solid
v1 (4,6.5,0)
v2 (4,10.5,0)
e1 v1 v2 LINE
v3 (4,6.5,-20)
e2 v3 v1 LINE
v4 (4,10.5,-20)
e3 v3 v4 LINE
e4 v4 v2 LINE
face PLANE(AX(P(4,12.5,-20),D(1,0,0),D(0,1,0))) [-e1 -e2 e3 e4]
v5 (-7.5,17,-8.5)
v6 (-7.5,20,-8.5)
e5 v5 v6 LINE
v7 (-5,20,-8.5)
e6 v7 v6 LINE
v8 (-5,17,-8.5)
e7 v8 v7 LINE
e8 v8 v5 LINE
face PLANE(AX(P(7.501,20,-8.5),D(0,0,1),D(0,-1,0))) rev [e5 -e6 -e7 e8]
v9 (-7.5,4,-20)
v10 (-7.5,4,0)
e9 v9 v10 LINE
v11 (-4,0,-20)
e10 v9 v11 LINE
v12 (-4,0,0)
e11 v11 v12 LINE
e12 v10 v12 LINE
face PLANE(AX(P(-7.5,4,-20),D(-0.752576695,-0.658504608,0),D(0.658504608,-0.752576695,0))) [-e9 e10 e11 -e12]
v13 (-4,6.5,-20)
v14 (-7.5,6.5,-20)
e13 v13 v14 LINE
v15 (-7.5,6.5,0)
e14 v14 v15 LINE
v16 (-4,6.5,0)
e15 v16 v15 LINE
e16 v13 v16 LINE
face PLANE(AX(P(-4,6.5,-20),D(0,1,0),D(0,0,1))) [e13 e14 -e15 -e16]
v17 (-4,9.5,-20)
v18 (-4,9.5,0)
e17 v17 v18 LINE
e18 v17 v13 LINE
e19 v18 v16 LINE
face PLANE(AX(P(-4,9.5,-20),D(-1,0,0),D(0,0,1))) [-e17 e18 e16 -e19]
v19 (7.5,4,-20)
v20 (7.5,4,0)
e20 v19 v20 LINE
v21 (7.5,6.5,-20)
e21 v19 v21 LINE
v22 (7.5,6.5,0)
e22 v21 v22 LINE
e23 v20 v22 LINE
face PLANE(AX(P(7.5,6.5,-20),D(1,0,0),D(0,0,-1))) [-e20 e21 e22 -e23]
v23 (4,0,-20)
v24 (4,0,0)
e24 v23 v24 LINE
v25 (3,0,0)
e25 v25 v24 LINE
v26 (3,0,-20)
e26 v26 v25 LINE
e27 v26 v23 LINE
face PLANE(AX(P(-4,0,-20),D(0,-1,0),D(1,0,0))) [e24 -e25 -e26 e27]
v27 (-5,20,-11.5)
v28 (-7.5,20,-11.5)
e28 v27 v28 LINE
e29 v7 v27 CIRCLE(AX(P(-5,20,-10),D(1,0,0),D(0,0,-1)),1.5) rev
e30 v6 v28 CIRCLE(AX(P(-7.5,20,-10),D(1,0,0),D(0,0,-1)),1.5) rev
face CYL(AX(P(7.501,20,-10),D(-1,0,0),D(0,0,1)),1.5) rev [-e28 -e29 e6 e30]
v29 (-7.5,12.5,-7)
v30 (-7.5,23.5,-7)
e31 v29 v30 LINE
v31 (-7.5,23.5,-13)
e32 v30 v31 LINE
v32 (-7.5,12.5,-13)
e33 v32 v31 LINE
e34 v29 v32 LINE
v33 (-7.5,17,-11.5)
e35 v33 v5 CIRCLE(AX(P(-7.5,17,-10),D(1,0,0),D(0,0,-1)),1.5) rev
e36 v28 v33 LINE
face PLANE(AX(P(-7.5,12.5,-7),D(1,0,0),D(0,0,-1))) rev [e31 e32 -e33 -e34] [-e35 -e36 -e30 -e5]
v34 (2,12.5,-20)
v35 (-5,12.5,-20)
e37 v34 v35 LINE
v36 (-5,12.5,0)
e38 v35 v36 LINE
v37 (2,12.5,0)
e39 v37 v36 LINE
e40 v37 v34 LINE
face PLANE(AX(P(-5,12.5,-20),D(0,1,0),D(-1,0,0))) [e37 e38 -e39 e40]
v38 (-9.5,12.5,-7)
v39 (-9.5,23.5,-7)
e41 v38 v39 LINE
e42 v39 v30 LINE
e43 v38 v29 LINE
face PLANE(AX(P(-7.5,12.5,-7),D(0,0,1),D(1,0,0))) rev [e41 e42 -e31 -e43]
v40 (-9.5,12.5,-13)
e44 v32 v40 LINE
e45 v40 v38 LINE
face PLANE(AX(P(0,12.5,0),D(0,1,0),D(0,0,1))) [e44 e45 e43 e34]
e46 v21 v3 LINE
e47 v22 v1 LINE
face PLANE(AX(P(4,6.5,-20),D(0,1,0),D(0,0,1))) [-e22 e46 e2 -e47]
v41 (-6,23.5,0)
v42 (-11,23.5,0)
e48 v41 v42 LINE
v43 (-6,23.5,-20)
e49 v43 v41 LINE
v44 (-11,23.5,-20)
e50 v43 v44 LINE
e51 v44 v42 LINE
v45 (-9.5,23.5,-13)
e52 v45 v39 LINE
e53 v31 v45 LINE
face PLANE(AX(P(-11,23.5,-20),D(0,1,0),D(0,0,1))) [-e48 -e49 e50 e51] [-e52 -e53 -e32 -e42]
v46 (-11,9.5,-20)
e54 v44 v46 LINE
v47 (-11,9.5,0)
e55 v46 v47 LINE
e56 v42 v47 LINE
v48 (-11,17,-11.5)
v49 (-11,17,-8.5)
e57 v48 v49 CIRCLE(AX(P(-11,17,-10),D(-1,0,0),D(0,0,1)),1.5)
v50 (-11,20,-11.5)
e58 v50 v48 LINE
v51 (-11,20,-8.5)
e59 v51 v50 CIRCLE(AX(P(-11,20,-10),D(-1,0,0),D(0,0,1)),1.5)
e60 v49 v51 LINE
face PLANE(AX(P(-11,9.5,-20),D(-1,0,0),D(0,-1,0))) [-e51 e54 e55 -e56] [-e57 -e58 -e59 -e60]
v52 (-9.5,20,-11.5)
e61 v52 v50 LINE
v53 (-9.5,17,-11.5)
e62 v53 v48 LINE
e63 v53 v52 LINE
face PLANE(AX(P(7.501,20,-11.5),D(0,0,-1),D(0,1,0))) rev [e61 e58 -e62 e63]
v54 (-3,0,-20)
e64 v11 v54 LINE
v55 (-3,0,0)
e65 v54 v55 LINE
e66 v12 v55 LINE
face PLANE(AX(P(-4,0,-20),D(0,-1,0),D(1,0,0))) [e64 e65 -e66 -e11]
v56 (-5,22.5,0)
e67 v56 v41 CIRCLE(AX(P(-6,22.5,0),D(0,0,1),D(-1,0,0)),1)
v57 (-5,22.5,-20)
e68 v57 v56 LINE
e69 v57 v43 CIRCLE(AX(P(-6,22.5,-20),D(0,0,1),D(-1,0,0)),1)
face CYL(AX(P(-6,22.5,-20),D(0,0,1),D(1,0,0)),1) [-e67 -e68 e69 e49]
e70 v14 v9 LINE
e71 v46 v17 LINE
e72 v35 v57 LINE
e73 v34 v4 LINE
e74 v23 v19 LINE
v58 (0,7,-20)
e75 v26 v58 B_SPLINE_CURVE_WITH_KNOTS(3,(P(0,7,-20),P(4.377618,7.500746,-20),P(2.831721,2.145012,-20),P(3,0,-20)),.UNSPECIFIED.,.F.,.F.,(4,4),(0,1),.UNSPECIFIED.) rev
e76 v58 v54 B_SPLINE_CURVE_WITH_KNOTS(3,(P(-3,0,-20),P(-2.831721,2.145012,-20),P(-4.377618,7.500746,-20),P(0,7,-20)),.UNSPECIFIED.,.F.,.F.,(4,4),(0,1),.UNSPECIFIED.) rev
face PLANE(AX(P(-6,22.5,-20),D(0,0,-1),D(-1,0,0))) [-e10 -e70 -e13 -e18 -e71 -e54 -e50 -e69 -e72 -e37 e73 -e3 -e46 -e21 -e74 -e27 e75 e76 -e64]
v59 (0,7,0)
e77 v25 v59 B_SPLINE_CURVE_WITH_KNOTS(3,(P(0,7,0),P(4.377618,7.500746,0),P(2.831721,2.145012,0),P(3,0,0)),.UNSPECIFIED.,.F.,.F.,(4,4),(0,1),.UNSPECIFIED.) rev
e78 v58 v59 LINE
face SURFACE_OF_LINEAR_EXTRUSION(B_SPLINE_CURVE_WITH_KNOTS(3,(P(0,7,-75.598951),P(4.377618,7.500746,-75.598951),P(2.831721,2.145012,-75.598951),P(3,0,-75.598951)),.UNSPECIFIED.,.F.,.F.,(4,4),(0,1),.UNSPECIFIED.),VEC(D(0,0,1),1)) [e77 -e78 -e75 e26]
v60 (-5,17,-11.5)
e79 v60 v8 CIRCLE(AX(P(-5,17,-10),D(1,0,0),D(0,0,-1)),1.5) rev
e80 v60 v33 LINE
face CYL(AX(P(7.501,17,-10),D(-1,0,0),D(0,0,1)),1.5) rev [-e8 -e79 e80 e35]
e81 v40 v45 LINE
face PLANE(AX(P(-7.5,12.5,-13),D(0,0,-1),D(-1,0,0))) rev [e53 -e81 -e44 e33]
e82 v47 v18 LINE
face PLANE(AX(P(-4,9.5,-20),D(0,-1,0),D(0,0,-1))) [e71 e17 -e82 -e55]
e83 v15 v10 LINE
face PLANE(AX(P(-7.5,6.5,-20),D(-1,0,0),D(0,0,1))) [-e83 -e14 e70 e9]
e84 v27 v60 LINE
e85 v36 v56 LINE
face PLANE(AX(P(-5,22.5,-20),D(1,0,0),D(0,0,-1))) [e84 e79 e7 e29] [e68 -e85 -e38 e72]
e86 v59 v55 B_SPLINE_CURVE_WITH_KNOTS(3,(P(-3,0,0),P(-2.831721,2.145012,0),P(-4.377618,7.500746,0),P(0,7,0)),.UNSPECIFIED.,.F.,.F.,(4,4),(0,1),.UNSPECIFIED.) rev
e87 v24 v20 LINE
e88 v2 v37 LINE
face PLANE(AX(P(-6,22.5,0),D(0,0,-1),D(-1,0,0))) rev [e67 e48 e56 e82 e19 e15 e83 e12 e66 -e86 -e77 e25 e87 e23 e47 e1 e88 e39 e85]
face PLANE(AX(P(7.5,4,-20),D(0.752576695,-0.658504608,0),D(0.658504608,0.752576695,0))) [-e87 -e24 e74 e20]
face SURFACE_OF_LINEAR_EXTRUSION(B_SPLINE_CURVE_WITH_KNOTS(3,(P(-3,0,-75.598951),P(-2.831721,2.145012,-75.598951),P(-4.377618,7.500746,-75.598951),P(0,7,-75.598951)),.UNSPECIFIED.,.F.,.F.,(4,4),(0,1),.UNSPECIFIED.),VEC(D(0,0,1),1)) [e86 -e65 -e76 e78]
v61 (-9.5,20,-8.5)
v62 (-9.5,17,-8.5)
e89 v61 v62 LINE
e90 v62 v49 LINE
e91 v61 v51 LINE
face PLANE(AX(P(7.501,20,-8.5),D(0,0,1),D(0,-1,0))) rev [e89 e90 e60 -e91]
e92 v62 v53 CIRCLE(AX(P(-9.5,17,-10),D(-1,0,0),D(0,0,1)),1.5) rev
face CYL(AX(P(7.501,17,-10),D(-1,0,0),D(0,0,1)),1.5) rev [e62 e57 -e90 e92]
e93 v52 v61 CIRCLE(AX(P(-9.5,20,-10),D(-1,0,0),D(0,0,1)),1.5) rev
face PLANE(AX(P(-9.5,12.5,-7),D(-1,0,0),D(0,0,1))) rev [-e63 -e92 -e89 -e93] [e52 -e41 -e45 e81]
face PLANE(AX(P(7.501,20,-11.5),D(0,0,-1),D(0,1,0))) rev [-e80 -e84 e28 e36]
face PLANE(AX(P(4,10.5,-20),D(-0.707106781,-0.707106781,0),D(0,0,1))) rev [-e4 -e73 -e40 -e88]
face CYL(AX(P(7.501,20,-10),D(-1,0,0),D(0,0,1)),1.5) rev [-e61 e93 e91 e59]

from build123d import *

# Parameters (mm, degrees)
ESTRUSIONE_ESTRUSIONE1_DEPTH  = 20
TAGLIO_ESTRUSIONE1_REACH      = 37.979
SCHIZZO12_W                   = 2
SCHIZZO12_H                   = 6
TAGLIO_ESTRUSIONE2_DEPTH      = 11
TAGLIO_ESTRUSIONE3_DEPTH      = 33.760494502
TAGLIO_ESTRUSIONE3_DEPTH_BACK = 33.760494502
SMUSSO1_SIZE                  = 2


with BuildPart() as part:
    # Schizzo2 → Estrusione-Estrusione1 (new body)
    with BuildSketch(Plane.XY):
        with BuildLine():
            Line((-4, 9.5), (-11, 9.5))
            Line((-11, 9.5), (-11, 23.5))
            Line((-11, 23.5), (-6, 23.5))
            ThreePointArc((-6, 23.5), (-5.292893219, 23.207106781), (-5, 22.5))
            Line((-5, 22.5), (-5, 12.5))
            Line((-5, 12.5), (4, 12.5))
            Line((4, 12.5), (4, 9.5))
            Line((4, 9.5), (4, 6.5))
            Line((4, 6.5), (7.5, 6.5))
            Line((7.5, 6.5), (7.5, 4))
            Line((7.5, 4), (4, 0))
            Line((4, 0), (-4, 0))
            Line((-4, 0), (-7.5, 4))
            Line((-7.5, 4), (-7.5, 6.5))
            Line((-7.5, 6.5), (-4, 6.5))
            Line((-4, 6.5), (-4, 9.5))
        make_face()
    extrude(amount=-ESTRUSIONE_ESTRUSIONE1_DEPTH)

    # Schizzo6 → Taglio-Estrusione1 (cut, up to next)
    with BuildSketch(Plane.ZY.offset(11), mode=Mode.PRIVATE) as taglio_estrusione1_sk1:
        with BuildLine():
            Line((-8.5, 20), (-8.5, 17))
            ThreePointArc((-8.5, 17), (-10, 15.5), (-11.5, 17))
            Line((-11.5, 17), (-11.5, 20))
            ThreePointArc((-11.5, 20), (-10, 21.5), (-8.5, 20))
        make_face()
    taglio_estrusione1_tool1 = extrude(taglio_estrusione1_sk1.sketch, amount=-TAGLIO_ESTRUSIONE1_REACH, mode=Mode.PRIVATE) & part.part
    add(taglio_estrusione1_tool1.solids().sort_by_distance((-11, 18.5, -10))[0], mode=Mode.SUBTRACT)

    # Schizzo12 → Taglio-Estrusione2 (cut)
    with BuildSketch(Plane(origin=(0, 23.5, 0), x_dir=(1, 0, 0), z_dir=(0, 1, 0))):
        with Locations((-8.5, 10)):
            Rectangle(SCHIZZO12_W, SCHIZZO12_H)
    extrude(amount=-TAGLIO_ESTRUSIONE2_DEPTH, mode=Mode.SUBTRACT)

    # Schizzo13 → Taglio-Estrusione3 (cut, two sides: drawn at the far end of the back side and taken through both)
    with BuildSketch(Plane(origin=(0, 0, -20), x_dir=(-1, 0, 0), z_dir=(0, 0, -1)).offset(-TAGLIO_ESTRUSIONE3_DEPTH_BACK)):
        with BuildLine():
            add(Edge.make_bspline(
                [(-3, 0), (-2.831721027, 2.145011642), (-4.377617752, 7.500745545), (0, 7)],
                knots=[0, 0, 0, 0, 1, 1, 1, 1], degree=3))
            Line((-3, 0), (3, 0))
            add(Edge.make_bspline(
                [(3, 0), (2.831721027, 2.145011642), (4.377617752, 7.500745545), (0, 7)],
                knots=[0, 0, 0, 0, 1, 1, 1, 1], degree=3))
        make_face()
    extrude(amount=TAGLIO_ESTRUSIONE3_DEPTH + TAGLIO_ESTRUSIONE3_DEPTH_BACK, mode=Mode.SUBTRACT)

    # Smusso1
    smusso1_edges = [part.edges().sort_by_distance(p)[0] for p in [
        (4, 12.5, -10),
    ]]
    chamfer(smusso1_edges, length=SMUSSO1_SIZE)


solid = part.part
